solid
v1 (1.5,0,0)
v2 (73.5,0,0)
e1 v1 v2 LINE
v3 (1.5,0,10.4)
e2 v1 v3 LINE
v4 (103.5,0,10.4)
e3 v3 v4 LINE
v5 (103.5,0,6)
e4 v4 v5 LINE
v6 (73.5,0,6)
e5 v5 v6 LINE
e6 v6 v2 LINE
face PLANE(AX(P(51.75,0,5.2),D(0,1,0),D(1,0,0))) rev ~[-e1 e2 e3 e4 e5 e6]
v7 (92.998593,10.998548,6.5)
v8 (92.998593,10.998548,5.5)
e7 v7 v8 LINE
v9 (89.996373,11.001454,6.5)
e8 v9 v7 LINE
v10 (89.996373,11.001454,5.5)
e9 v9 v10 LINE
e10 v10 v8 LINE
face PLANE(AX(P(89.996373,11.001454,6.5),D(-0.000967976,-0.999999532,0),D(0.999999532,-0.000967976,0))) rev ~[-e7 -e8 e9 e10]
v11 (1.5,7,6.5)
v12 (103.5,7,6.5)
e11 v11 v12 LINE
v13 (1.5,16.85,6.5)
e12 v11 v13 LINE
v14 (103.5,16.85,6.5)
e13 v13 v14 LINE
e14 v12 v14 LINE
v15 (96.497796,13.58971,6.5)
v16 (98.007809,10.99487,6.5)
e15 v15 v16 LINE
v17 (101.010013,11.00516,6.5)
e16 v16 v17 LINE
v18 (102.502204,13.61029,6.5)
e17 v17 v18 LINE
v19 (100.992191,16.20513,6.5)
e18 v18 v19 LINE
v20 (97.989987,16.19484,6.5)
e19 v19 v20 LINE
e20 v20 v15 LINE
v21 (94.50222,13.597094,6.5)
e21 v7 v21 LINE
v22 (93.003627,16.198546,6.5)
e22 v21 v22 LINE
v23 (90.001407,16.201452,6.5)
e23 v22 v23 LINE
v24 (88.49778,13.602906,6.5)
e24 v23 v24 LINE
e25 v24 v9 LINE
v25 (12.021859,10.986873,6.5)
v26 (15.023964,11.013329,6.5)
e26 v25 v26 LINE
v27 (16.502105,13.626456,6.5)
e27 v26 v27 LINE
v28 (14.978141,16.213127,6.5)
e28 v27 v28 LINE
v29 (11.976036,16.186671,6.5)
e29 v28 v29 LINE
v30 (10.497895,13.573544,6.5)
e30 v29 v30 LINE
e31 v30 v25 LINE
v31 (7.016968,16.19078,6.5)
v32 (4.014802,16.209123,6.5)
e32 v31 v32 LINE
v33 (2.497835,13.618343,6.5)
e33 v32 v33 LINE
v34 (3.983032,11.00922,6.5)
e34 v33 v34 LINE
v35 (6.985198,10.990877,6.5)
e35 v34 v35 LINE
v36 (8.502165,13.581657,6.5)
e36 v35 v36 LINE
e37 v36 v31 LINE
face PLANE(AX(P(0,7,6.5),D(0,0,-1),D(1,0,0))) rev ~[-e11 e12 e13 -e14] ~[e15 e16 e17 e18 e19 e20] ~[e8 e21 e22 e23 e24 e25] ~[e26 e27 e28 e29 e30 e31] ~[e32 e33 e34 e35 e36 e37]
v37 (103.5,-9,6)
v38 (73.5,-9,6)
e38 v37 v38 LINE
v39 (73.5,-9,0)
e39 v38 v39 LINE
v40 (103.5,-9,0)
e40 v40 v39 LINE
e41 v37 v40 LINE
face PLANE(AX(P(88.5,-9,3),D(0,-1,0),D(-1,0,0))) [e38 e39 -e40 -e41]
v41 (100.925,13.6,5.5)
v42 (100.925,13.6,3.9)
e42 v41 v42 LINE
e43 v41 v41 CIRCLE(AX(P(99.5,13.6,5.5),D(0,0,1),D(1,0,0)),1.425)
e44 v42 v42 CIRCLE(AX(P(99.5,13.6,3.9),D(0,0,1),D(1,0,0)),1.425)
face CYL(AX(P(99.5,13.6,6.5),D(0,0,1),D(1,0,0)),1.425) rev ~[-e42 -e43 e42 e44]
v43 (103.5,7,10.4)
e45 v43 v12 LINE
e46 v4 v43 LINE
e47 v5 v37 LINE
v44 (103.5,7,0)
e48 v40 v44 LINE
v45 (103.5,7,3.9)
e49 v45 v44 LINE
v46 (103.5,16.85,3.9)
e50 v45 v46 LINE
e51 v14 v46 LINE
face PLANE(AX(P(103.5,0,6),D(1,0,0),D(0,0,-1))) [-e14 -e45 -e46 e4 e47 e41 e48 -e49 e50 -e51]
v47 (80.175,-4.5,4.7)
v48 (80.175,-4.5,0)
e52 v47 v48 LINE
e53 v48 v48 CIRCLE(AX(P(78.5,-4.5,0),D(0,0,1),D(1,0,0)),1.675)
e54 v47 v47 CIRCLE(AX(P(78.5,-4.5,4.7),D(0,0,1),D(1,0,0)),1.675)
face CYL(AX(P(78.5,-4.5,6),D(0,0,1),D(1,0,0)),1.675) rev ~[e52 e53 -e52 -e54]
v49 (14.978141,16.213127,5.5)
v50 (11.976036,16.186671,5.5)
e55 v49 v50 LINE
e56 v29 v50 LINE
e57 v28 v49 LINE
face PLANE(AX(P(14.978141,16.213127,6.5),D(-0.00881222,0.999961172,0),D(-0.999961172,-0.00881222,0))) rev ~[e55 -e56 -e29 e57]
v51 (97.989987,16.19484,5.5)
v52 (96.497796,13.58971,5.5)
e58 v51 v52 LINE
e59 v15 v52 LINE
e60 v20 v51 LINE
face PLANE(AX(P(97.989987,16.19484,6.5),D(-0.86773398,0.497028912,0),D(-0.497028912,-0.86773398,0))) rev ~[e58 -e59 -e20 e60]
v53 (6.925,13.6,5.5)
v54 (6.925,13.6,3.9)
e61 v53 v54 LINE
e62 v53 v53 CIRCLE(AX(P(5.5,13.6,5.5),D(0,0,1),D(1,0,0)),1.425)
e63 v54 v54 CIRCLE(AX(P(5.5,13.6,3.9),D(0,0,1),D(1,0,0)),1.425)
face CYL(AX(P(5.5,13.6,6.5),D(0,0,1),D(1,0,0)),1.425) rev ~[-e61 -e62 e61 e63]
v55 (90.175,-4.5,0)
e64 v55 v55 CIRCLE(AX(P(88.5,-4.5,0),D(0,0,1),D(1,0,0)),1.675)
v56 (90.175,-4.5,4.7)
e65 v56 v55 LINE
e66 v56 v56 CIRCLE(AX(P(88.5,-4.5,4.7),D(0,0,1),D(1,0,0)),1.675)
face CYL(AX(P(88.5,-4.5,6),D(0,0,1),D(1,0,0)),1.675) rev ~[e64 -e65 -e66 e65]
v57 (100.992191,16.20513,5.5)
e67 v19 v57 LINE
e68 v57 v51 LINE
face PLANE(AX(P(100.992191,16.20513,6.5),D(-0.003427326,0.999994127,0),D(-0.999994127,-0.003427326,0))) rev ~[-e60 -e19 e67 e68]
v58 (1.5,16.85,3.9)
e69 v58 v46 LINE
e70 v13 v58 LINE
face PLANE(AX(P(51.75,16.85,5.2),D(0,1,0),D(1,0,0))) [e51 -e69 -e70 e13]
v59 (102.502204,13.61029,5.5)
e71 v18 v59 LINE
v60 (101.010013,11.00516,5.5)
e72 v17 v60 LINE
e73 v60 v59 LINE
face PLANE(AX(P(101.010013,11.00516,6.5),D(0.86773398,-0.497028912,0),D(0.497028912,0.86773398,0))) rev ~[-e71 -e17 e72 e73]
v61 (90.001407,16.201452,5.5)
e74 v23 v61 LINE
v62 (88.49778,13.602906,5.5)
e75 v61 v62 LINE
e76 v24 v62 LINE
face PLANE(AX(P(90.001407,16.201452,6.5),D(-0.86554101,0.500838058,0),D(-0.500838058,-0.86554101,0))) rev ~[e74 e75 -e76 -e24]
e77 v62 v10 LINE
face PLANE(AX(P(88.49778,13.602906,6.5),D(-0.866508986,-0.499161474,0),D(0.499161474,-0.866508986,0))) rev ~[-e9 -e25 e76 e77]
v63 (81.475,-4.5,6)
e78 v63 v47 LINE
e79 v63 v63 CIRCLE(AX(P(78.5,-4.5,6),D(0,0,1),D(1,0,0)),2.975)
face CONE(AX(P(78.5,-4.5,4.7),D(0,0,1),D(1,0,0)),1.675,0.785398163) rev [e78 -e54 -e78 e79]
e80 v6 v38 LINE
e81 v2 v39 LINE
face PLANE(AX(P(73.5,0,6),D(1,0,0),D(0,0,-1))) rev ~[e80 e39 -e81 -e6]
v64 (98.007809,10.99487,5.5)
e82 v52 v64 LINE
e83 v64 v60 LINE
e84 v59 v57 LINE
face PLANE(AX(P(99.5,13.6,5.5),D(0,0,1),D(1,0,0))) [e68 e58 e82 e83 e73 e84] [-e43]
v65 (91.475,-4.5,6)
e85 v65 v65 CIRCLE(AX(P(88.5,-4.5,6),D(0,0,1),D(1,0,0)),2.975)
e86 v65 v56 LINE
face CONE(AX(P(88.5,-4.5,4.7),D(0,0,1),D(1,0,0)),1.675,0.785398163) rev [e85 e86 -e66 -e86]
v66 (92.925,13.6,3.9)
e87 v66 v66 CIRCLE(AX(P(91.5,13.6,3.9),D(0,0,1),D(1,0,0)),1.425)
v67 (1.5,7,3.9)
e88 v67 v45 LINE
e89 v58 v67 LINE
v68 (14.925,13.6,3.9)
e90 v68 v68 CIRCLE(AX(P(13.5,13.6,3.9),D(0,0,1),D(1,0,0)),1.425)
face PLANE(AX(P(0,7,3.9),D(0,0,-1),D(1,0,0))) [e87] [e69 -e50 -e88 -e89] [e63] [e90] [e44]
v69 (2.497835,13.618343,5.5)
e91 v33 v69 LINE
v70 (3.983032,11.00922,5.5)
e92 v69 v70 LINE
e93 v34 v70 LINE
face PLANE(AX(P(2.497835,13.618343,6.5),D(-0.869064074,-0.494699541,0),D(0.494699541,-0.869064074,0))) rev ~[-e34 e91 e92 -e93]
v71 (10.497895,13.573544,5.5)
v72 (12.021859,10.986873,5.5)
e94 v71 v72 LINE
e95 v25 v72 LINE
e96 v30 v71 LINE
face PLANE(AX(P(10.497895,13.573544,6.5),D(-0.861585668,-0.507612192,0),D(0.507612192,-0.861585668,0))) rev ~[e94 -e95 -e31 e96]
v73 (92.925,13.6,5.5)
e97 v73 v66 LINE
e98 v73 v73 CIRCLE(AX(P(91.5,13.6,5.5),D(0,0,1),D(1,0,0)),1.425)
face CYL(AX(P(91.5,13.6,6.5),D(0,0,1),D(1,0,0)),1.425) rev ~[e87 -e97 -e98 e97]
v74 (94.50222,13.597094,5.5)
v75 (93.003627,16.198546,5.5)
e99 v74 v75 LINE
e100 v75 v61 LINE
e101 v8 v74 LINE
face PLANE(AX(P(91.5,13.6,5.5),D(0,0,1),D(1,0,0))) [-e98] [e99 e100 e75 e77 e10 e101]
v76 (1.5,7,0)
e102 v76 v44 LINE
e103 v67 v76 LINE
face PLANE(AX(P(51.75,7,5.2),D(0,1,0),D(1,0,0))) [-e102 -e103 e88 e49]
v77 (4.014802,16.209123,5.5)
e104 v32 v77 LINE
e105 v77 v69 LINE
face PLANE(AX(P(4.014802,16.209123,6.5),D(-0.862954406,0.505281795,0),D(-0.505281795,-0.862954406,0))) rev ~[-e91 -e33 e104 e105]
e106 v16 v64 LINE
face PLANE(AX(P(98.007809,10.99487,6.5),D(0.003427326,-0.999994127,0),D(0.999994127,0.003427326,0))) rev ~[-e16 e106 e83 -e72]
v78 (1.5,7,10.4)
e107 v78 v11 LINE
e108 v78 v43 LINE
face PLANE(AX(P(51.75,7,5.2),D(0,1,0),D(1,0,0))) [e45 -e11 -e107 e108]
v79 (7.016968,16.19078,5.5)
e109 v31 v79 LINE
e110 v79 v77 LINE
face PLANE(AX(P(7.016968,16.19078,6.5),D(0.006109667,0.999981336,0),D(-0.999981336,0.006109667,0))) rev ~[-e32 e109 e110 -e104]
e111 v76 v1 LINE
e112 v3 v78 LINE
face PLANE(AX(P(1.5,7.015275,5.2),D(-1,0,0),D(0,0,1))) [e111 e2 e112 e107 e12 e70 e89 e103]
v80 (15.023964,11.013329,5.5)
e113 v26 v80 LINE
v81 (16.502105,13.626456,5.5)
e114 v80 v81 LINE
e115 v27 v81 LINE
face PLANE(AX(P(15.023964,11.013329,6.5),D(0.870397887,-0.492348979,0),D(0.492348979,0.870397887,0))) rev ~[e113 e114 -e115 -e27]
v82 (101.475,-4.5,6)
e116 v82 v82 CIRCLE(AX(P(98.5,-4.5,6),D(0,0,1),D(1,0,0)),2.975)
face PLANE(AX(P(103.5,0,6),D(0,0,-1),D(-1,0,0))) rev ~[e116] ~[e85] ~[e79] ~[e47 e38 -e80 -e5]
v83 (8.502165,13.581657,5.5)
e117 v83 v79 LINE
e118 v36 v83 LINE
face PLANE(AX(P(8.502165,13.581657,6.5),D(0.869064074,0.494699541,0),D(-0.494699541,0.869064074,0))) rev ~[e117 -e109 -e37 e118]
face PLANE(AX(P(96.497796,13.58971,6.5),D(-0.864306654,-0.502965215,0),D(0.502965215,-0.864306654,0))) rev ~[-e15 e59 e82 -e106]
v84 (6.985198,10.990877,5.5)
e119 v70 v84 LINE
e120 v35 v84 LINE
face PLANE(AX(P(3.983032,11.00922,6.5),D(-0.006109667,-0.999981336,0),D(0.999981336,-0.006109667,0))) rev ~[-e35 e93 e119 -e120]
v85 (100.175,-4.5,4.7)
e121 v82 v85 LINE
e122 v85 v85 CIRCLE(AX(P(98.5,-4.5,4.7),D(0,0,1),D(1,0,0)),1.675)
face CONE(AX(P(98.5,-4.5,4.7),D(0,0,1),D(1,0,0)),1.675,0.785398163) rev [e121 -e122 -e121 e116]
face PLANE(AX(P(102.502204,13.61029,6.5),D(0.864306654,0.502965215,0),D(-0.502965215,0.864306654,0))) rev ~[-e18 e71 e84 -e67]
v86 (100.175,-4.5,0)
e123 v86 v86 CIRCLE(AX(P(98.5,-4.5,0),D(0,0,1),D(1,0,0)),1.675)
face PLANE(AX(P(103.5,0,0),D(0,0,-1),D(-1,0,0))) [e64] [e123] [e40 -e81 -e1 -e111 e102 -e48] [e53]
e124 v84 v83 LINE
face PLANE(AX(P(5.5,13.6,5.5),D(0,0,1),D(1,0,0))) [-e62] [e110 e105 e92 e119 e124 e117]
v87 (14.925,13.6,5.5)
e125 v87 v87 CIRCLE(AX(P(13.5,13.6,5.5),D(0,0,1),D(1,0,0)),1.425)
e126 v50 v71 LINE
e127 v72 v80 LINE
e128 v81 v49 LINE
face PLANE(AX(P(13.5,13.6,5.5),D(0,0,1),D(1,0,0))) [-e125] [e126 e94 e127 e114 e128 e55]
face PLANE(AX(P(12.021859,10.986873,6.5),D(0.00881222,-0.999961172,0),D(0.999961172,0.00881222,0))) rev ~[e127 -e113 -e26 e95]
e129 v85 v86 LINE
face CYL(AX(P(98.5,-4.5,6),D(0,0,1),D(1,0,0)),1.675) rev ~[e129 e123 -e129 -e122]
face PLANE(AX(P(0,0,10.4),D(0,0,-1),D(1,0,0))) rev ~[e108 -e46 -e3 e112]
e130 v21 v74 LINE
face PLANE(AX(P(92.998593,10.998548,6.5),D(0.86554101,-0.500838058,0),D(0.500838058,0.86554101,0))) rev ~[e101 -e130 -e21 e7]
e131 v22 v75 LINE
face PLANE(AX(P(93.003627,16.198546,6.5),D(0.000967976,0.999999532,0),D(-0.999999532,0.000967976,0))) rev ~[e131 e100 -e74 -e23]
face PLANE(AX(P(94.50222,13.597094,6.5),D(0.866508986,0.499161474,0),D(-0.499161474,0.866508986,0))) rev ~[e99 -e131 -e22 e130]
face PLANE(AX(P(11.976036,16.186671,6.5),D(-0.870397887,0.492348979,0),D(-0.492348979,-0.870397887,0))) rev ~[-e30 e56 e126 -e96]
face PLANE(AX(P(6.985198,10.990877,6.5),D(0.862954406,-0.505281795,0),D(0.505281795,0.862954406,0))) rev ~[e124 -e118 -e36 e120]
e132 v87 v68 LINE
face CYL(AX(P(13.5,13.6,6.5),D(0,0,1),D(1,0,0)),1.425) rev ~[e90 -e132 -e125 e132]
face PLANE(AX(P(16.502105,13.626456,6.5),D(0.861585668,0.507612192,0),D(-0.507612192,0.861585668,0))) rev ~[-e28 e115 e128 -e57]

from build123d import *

# Parameters (mm, degrees)
SKETCH_1_W             = 103.5
SKETCH_1_H             = 10.4
BASE_DEPTH             = 7
SKETCH_3_W             = 30
SKETCH_3_H             = 6
FINGER_CONNECTOR_DEPTH = 9
SKETCH_5_W             = 103.5
SKETCH_5_H             = 2.6
GEAR_CONNECTOR_DEPTH   = 9.85
CUT_EXTRUDE_1_DEPTH    = 1.5
SKETCH_20_R            = 1.425
CUT_EXTRUDE_4_DEPTH    = 106.063897224
SKETCH_22_R            = 1.425
CUT_EXTRUDE_5_DEPTH    = 1
SKETCH_27_R            = 1.675
CUT_EXTRUDE_6_DEPTH    = 10
CHAMFER_2_SIZE         = 1.3


with BuildPart() as part:
    # 草图1 → Base (new body)
    with BuildSketch(Plane(origin=(0, 0, 0), x_dir=(1, 0, 0), z_dir=(0, 1, 0))):
        with Locations((51.75, -5.2)):
            Rectangle(SKETCH_1_W, SKETCH_1_H)
    extrude(amount=BASE_DEPTH)

    # 草图3 → Finger_Connector (add)
    with BuildSketch(Plane(origin=(0, 0, 0), x_dir=(-1, 0, 0), z_dir=(0, -1, 0))):
        with Locations((-88.5, -3)):
            Rectangle(SKETCH_3_W, SKETCH_3_H)
    extrude(amount=FINGER_CONNECTOR_DEPTH)

    # 草图5 → Gear Connector (add)
    with BuildSketch(Plane(origin=(0, 7, 0), x_dir=(1, 0, 0), z_dir=(0, 1, 0))):
        with Locations((51.75, -5.2)):
            Rectangle(SKETCH_5_W, SKETCH_5_H)
    extrude(amount=GEAR_CONNECTOR_DEPTH)

    # 草图6 → 切除-拉伸1 (cut)
    with BuildSketch(Plane.ZY):
        Polygon((3.9, 16.85), (3.9, 7), (0, 7), (0, 0), (10.4, 0), (10.4, 7), (6.5, 7), (6.5, 16.85), align=None)
    extrude(amount=-CUT_EXTRUDE_1_DEPTH, mode=Mode.SUBTRACT)

    # 草图20 → 切除-拉伸4 (cut, through all)
    with BuildSketch(Plane.XY.offset(6.5)):
        with Locations((13.5, 13.6)):
            Circle(SKETCH_20_R)
        with Locations((5.5, 13.6)):
            Circle(SKETCH_20_R)
        with Locations((99.5, 13.6)):
            Circle(SKETCH_20_R)
        with Locations((91.5, 13.6)):
            Circle(SKETCH_20_R)
    extrude(amount=-CUT_EXTRUDE_4_DEPTH, mode=Mode.SUBTRACT)

    # 草图22 → 切除-拉伸5 (cut)
    # profile 1 of 4: a face of its own
    with BuildSketch(Plane.XY.offset(6.5)):
        Polygon((92.998593259, 10.998548179), (94.502219993, 13.597093921), (93.003626735, 16.198545743), (90.001406741, 16.201451821), (88.497780007, 13.602906079), (89.996373265, 11.001454257), align=None)
        with Locations((91.5, 13.6)):
            Circle(SKETCH_22_R, mode=Mode.SUBTRACT)
    # profile 2 of 4: a face of its own
    with BuildSketch(Plane.XY.offset(6.5)):
        Polygon((101.010012931, 11.005160066), (102.502203767, 13.610289591), (100.992190836, 16.205129525), (97.989987069, 16.194839934), (96.497796233, 13.589710409), (98.007809164, 10.994870475), align=None)
        with Locations((99.5, 13.6)):
            Circle(SKETCH_22_R, mode=Mode.SUBTRACT)
    # profile 3 of 4: a face of its own
    with BuildSketch(Plane.XY.offset(6.5)):
        Polygon((15.023964186, 11.013329071), (16.502104828, 13.626456235), (14.978140642, 16.213127164), (11.976035814, 16.186670929), (10.497895172, 13.573543765), (12.021859358, 10.986872836), align=None)
        with Locations((13.5, 13.6)):
            Circle(SKETCH_22_R, mode=Mode.SUBTRACT)
    # profile 4 of 4: a face of its own
    with BuildSketch(Plane.XY.offset(6.5)):
        Polygon((6.985197547, 10.99087724), (8.502165366, 13.581657426), (7.016967818, 16.190780186), (4.014802453, 16.20912276), (2.497834634, 13.618342574), (3.983032182, 11.009219814), align=None)
        with Locations((5.5, 13.6)):
            Circle(SKETCH_22_R, mode=Mode.SUBTRACT)
    extrude(amount=-CUT_EXTRUDE_5_DEPTH, mode=Mode.SUBTRACT)

    # 草图27 → 切除-拉伸6 (cut)
    with BuildSketch(Plane.XY.offset(6)):
        with Locations((98.5, -4.5)):
            Circle(SKETCH_27_R)
        with Locations((88.5, -4.5)):
            Circle(SKETCH_27_R)
        with Locations((78.5, -4.5)):
            Circle(SKETCH_27_R)
    extrude(amount=-CUT_EXTRUDE_6_DEPTH, mode=Mode.SUBTRACT)

    # 倒角2
    chamfer_2_edges = [part.edges().sort_by_distance(p)[0] for p in [
        (76.825, -4.5, 6),
        (86.825, -4.5, 6),
        (96.825, -4.5, 6),
    ]]
    chamfer(chamfer_2_edges, length=CHAMFER_2_SIZE)


solid = part.part
